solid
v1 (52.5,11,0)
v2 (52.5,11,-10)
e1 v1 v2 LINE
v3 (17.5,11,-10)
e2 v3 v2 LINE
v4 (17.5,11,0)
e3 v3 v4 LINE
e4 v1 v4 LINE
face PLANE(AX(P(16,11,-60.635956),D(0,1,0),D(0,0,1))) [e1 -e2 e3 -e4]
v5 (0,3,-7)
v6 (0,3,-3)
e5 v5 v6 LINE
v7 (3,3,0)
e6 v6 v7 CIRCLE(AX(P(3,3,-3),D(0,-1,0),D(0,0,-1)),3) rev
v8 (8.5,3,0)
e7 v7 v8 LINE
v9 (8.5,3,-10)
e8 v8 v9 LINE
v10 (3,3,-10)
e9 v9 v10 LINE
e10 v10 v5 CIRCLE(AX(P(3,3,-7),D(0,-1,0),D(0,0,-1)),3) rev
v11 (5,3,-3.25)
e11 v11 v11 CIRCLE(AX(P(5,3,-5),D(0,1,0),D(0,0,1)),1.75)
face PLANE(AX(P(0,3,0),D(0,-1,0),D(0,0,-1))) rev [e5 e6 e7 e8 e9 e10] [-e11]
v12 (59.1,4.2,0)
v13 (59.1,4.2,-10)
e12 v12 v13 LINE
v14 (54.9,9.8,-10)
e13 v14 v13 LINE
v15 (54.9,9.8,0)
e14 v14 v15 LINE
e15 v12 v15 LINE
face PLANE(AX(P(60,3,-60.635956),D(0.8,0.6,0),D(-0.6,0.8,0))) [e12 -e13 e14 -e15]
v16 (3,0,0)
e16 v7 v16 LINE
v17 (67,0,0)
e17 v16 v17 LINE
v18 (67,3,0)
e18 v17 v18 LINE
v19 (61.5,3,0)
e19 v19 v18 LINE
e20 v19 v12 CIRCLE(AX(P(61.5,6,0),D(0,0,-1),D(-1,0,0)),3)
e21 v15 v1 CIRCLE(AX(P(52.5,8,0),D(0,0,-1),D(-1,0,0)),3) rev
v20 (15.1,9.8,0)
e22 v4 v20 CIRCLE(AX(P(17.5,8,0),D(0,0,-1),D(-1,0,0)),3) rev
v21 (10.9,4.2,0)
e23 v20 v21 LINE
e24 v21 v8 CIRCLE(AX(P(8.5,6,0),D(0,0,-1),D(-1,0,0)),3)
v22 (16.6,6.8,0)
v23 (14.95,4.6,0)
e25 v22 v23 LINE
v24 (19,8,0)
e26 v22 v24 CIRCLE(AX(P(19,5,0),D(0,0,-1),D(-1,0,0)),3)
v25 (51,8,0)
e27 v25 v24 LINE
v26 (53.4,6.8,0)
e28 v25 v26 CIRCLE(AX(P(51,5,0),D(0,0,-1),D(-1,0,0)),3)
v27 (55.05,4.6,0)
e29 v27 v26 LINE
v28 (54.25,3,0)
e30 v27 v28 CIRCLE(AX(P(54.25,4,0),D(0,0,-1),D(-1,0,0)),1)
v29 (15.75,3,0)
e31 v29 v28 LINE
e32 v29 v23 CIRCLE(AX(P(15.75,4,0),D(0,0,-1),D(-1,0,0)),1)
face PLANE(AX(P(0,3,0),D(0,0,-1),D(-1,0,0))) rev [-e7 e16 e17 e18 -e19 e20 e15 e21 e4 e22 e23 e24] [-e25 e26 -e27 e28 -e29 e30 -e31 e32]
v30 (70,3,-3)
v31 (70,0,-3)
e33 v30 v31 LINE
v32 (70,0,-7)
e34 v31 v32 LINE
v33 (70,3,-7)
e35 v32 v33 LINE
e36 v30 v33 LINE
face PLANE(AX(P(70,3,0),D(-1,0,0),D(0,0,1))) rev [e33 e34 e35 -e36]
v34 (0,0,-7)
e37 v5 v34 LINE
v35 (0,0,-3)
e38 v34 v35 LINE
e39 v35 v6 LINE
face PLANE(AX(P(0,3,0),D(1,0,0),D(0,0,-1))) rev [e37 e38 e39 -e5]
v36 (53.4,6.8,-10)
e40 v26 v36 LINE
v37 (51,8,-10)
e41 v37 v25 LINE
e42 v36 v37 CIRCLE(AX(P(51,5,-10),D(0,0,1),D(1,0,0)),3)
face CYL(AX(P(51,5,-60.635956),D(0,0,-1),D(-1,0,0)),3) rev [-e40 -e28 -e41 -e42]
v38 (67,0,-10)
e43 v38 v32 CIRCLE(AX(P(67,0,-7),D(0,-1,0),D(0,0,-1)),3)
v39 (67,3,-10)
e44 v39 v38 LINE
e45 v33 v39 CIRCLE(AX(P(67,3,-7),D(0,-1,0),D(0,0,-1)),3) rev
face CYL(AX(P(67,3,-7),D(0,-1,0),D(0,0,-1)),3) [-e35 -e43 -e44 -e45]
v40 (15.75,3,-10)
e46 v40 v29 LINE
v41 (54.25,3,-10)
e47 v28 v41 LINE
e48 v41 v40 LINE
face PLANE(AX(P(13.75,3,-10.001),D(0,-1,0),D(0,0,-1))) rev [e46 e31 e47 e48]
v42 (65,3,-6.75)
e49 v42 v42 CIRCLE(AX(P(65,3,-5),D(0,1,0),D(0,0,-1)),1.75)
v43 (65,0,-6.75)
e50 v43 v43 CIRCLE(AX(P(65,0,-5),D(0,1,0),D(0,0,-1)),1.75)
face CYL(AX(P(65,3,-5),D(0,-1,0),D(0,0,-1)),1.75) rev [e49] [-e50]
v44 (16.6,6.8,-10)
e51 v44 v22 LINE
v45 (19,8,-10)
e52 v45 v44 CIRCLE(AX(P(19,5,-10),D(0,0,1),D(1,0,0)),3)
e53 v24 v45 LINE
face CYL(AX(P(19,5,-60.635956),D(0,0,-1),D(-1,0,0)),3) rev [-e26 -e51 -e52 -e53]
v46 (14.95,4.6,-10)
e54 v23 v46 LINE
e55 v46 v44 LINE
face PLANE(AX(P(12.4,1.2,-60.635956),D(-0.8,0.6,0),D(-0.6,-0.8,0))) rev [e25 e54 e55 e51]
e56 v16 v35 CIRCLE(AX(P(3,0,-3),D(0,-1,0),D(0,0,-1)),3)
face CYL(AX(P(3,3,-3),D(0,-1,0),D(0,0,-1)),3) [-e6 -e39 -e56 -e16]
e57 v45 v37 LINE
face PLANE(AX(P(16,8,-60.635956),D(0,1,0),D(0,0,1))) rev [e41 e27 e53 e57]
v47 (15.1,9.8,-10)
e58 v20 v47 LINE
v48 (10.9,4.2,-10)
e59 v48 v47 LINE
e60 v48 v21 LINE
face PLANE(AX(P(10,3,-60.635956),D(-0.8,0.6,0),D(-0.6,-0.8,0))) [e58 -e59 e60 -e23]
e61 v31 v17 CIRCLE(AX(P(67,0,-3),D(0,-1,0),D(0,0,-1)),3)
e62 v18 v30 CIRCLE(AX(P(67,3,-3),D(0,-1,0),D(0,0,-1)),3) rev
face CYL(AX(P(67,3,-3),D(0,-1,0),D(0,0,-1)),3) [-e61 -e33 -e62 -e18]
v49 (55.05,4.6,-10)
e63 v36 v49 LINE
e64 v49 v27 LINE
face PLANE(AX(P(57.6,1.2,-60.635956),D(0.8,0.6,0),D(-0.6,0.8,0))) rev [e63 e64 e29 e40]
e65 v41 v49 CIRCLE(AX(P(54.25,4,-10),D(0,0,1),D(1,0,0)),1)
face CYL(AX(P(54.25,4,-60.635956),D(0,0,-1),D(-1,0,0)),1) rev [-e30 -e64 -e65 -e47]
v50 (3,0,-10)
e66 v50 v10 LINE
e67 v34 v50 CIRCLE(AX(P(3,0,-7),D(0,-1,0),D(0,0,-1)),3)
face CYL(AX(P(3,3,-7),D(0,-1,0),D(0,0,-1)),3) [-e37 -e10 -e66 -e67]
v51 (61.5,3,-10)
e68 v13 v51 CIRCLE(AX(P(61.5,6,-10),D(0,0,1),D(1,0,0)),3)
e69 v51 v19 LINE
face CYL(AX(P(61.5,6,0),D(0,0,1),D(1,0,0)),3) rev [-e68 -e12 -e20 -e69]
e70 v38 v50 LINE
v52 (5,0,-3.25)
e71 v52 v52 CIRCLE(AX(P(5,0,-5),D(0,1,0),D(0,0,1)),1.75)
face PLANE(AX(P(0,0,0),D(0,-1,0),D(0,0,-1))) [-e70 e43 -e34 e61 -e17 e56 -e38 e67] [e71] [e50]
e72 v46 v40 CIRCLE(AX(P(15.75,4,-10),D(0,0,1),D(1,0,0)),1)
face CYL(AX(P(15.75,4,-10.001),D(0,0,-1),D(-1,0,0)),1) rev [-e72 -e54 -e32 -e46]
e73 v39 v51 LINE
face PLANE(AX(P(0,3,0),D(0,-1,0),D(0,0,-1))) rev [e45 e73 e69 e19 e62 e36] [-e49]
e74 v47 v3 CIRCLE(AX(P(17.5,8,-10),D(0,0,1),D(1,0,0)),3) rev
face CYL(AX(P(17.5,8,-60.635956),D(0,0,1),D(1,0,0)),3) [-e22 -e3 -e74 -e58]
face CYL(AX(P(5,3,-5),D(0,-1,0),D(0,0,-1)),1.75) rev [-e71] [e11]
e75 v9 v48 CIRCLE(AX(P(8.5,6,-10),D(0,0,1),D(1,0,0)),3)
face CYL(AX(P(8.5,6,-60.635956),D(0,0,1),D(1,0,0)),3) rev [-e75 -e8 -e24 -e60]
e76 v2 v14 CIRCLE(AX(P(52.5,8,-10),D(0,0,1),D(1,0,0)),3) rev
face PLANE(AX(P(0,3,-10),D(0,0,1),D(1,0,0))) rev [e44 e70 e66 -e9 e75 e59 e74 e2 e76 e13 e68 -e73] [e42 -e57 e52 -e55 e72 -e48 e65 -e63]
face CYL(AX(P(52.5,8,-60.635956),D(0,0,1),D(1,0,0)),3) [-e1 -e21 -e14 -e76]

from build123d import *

# Parameters (mm, degrees)
SKETCH1_W           = 70
SKETCH1_H           = 10
SKETCH1_R           = 1.75
BOSS_EXTRUDE1_DEPTH = 3
EXTRUDE_THIN1_DEPTH = 10
CUT_EXTRUDE1_REACH  = 12
FILLET1_R           = 3
FILLET2_R           = 1


with BuildPart() as part:
    # Sketch1 → Boss-Extrude1 (new body)
    with BuildSketch(Plane(origin=(0, 0, 0), x_dir=(1, 0, 0), z_dir=(0, 1, 0))):
        with Locations((35, 5)):
            Rectangle(SKETCH1_W, SKETCH1_H)
        with Locations((5, 5)):
            Circle(SKETCH1_R, mode=Mode.SUBTRACT)
        with Locations((65, 5)):
            Circle(SKETCH1_R, mode=Mode.SUBTRACT)
    extrude(amount=BOSS_EXTRUDE1_DEPTH)

    # Sketch2 → Extrude-Thin1 (add)
    with BuildSketch(Plane.XY):
        Polygon((10, 3), (16, 11), (54, 11), (60, 3), align=None)
        Polygon((16, 6), (17.5, 8), (52.5, 8), (54, 6), align=None, mode=Mode.SUBTRACT)
    extrude(amount=-EXTRUDE_THIN1_DEPTH)

    # Sketch3 → Cut-Extrude1 (cut, up to next)
    with BuildSketch(Plane.XY, mode=Mode.PRIVATE) as cut_extrude1_sk1:
        Polygon((16, 6), (13.75, 3), (56.25, 3), (54, 6), align=None)
    cut_extrude1_tool1 = extrude(cut_extrude1_sk1.sketch, amount=-CUT_EXTRUDE1_REACH, mode=Mode.PRIVATE) & part.part
    add(cut_extrude1_tool1.solids().sort_by_distance((35, 4.47205, 0))[0], mode=Mode.SUBTRACT)

    # Fillet1
    fillet1_edges = [part.edges().sort_by_distance(p)[0] for p in [
        (54, 11, -5),
        (16, 11, -5),
        (10, 3, -5),
        (60, 3, -5),
        (52.5, 8, -5),
        (17.5, 8, -5),
        (0, 1.5, -10),
        (70, 1.5, -10),
        (70, 1.5, 0),
        (0, 1.5, 0),
    ]]
    fillet(fillet1_edges, radius=FILLET1_R)

    # Fillet2
    fillet2_edges = [part.edges().sort_by_distance(p)[0] for p in [
        (56.25, 3, -5),
        (13.75, 3, -5),
    ]]
    fillet(fillet2_edges, radius=FILLET2_R)


solid = part.part
